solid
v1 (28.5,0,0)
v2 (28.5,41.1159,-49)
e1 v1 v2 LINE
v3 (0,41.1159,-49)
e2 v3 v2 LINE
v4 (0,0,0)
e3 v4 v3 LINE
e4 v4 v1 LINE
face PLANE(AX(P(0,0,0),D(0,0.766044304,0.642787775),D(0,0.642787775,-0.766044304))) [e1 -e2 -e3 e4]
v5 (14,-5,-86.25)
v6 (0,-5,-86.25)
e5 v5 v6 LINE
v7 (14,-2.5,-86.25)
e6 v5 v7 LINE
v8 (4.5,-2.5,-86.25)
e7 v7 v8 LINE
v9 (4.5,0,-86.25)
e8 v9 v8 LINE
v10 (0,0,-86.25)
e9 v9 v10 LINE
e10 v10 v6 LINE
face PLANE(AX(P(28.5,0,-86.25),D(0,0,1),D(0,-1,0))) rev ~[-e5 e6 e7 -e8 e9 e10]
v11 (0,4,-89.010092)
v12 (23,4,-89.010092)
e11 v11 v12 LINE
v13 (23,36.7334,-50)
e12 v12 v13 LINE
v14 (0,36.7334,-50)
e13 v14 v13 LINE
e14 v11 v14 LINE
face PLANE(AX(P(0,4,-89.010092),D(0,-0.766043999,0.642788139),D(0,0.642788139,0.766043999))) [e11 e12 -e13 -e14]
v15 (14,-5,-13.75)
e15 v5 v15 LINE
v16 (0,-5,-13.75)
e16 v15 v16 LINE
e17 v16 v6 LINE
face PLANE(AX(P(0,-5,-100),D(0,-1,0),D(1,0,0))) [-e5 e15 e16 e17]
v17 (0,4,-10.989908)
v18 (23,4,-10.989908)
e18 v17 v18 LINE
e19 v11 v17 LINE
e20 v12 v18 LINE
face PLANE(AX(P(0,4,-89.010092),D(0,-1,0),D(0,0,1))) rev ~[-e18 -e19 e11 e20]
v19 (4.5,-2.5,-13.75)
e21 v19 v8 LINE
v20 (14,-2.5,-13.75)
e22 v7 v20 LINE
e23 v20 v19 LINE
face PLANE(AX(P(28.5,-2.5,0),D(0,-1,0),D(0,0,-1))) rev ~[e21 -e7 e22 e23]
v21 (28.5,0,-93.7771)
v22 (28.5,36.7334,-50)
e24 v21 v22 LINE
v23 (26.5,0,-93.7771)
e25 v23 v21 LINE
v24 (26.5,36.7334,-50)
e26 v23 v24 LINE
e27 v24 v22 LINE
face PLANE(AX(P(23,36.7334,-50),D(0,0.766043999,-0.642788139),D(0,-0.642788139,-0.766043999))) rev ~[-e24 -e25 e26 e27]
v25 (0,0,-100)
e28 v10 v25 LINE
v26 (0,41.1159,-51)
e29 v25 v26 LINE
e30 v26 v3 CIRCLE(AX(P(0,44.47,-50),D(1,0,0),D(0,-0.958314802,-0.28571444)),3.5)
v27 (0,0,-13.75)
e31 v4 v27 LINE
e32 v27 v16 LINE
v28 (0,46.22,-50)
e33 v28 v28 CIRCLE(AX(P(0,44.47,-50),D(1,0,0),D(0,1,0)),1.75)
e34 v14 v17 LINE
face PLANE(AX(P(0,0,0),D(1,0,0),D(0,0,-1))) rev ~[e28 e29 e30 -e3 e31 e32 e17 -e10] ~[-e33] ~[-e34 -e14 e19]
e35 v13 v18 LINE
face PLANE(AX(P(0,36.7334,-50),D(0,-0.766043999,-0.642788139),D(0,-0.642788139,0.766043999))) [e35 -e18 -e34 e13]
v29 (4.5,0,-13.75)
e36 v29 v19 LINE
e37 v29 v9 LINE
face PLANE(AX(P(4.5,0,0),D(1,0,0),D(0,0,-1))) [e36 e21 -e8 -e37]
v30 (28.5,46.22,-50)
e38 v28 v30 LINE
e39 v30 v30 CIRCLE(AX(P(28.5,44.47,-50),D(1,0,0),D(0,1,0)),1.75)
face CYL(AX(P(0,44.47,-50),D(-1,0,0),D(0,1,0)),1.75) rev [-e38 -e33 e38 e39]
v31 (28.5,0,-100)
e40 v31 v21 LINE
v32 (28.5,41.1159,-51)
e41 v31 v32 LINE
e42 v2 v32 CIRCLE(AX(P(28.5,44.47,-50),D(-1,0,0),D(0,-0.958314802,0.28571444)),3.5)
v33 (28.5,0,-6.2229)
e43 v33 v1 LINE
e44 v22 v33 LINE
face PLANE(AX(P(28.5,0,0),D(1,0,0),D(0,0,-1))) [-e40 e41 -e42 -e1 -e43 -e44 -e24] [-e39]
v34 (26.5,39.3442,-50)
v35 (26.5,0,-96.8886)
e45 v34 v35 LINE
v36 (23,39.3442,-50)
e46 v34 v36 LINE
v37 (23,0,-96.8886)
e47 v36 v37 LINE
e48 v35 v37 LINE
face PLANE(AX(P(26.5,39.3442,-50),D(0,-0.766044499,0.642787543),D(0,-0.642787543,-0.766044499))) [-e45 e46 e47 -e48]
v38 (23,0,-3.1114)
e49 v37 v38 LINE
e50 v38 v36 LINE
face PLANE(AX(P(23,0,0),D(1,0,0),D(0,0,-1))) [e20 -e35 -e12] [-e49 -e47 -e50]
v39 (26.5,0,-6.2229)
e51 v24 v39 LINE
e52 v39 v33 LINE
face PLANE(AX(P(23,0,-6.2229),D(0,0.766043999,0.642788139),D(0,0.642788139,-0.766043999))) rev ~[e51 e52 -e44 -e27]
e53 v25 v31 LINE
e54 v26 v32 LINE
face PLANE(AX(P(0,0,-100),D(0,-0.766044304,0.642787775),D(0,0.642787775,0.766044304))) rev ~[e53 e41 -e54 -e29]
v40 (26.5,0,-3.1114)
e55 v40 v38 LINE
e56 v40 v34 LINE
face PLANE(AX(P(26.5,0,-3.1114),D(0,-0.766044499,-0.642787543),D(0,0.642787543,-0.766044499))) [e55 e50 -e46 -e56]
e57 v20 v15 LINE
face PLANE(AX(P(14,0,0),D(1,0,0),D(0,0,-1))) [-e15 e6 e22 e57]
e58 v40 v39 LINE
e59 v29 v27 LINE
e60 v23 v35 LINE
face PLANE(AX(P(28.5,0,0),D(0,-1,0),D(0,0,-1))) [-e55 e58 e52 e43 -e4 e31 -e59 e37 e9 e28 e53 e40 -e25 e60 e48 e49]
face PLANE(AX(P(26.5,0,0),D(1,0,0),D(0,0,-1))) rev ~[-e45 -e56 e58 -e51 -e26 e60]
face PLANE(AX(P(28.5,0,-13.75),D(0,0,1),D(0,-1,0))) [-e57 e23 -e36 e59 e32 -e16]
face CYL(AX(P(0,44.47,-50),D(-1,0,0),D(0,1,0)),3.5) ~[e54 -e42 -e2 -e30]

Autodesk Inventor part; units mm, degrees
ref_plane "YZ Plane" through (0, 0, 0) normal (1, 0, 0) x (0, 1, 0)
ref_plane "XZ Plane" through (0, 0, 0) normal (0, 1, 0) x (-1, 0, 0)
sketch "Skizze1" plane through (0, 0, 0) normal (1, 0, 0) x (0, 1, 0)
  line L0 (0, 0) -> (0, -100)
  line L1 (0, -100) -> (41.1159, -51)
  line L2 (0, 0) -> (41.1159, -49)
  circle A0 centre (44.47, -50) radius 3.5
  circle A1 centre (44.47, -50) radius 1.75
  dimension "d0" = 40
  dimension "d1" = 3.5
  dimension "d2" = 7
  dimension "d3" = 2
  dimension "d4" = 100
extrude "Extrusion1" add sketch "Skizze1" along normal blind 28.5
sketch "Skizze2" plane through (0, 0, -100) normal (0, -1, 0) x (1, 0, 0)
  line L0 (0, 100) -> (0, 0) projected
  line L1 (0, 0) -> (28.5, 0) projected
  line L2 (28.5, 100) -> (28.5, 0) projected
  line L3 (0, 100) -> (28.5, 100) projected
extrude "Extrusion2" add sketch "Skizze2" along normal blind 5
sketch "Skizze3" plane through (28.5, 0, 0) normal (1, 0, 0) x (0, 0, -1)
  line L0 (100, 0) -> (51, 41.1159) projected
  arc A0 (51, 41.1159) -> (49, 41.1159) centre (50, 44.47) ccw projected
  line L1 (49, 41.1159) -> (0, 0) projected
  line L2 (0, 0) -> (0, -5) projected
  line L3 (100, -5) -> (0, -5) projected
  line L4 (100, 0) -> (100, -5) projected
  circle A1 centre (50, 44.47) radius 1.75 projected
  line L5 (49, 41.1159) -> (0, 0) projected
  line L6 (0, 0) -> (100, 0)
  line L7 (0, 0) -> (0, -5) projected
  line L8 (0, -2.5) -> (100, -2.5)
extrude "Extrusion3" cut sketch "Skizze3" against normal blind 24 contours L4 L8 L2 L6
sketch "Skizze4" plane through (28.5, 0, 0) normal (1, 0, 0) x (0, 0, -1)
  line L0 (0, 0) -> (100, 0) projected
  line L1 (100, -5) -> (0, -5) projected
  line L2 (0, 0) -> (13.75, 0)
  line L3 (13.75, 0) -> (13.75, -5)
  line L4 (13.75, -5) -> (0, -5)
  line L5 (0, -5) -> (0, 0)
  line L6 (100, 0) -> (51, 41.1159) projected
  line L7 (100, 0) -> (86.25, 0)
  line L8 (86.25, 0) -> (86.25, -5)
  line L9 (86.25, -5) -> (100, -5)
  line L10 (100, -5) -> (100, 0)
  dimension "d11" = 72.5
extrude "Extrusion4" cut sketch "Skizze4" against normal through all contours L0 L3 L1 L5 | L0 L10 L1 L8
sketch "Skizze5" plane through (28.5, 0, 0) normal (1, 0, 0) x (0, 0, -1)
  line L0 (86.25, -5) -> (86.25, -2.5) projected
  line L1 (86.25, -2.5) -> (13.75, -2.5) projected
  line L2 (13.75, -2.5) -> (13.75, -5) projected
  line L3 (86.25, -5) -> (13.75, -5) projected
  point P0 (0, 0)
extrude "Extrusion5" cut sketch "Skizze5" against normal blind 14.5
ref_plane "Arbeitsebene1" through (26.5, 0, 0) normal (1, 0, 0) x (0, 0, -1)
sketch "Skizze6" plane through (26.5, 0, 0) normal (1, 0, 0) x (0, 0, -1)
  line L0 (49, 41.1159) -> (0, 0) projected
  line L1 (100, 0) -> (51, 41.1159) projected
  line L2 (13.75, 0) -> (0, 0) projected
  line L3 (13.75, 0) -> (86.25, 0) projected
  line L4 (100, 0) -> (86.25, 0) projected
  line L5 (3.1114, 0) -> (50, 39.3442)
  line L6 (50, 39.3442) -> (96.8886, 0)
  circle A0 centre (50, 44.47) radius 1.75 projected
  dimension "d17" = 2
extrude "Extrusion6" cut sketch "Skizze6" against normal blind 3.5 contours L2 L5 L6 L4 L3
sketch "Skizze7" plane through (23, 0, 0) normal (1, 0, 0) x (0, 0, -1)
  line L0 (96.8886, 0) -> (3.1114, 0) projected
  line L1 (50, 39.3442) -> (96.8886, 0) projected
  line L2 (3.1114, 0) -> (50, 39.3442) projected
  line L3 (96.8886, 0) -> (3.1114, 0) projected
  line L4 (6.2229, 0) -> (50, 36.7334)
  line L5 (50, 36.7334) -> (93.7771, 0)
  line L6 (100, 0) -> (86.25, 0) projected
  point P0 (0, 0)
  dimension "d20" = 2
extrude "Extrusion7" cut sketch "Skizze7" along normal through all contours L0 L4 L5
sketch "Skizze8" plane through (0, 0, 0) normal (-1, 0, 0) x (0, 0, 1)
  line L0 (-100, 0) -> (-86.25, 0) projected
  line L1 (-13.75, 0) -> (0, 0) projected
  line L2 (-13.75, 0) -> (-86.25, 0) projected
  line L3 (-49, 41.1159) -> (0, 0) projected
  line L4 (-100, 0) -> (-51, 41.1159) projected
  circle A0 centre (-50, 44.47) radius 1.75 projected
  line L5 (-93.7771, 0) -> (-96.8886, 0) projected
  line L6 (-50, 39.3442) -> (-96.8886, 0) projected
  line L7 (-92.1215, 4) -> (-7.8785, 4)
  line L8 (-3.1114, 0) -> (-50, 39.3442) projected
  line L9 (-93.7771, 0) -> (-50, 36.7334) projected
  line L10 (-50, 36.7334) -> (-6.2229, 0) projected
  point P0 (-10.9899, 4)
  point P1 (-89.0101, 4)
  dimension "d23" = 4
extrude "Extrusion8" cut sketch "Skizze8" against normal up to surface (23 mm away) contours L9 L10 L7
properties part number "roof_foot"
